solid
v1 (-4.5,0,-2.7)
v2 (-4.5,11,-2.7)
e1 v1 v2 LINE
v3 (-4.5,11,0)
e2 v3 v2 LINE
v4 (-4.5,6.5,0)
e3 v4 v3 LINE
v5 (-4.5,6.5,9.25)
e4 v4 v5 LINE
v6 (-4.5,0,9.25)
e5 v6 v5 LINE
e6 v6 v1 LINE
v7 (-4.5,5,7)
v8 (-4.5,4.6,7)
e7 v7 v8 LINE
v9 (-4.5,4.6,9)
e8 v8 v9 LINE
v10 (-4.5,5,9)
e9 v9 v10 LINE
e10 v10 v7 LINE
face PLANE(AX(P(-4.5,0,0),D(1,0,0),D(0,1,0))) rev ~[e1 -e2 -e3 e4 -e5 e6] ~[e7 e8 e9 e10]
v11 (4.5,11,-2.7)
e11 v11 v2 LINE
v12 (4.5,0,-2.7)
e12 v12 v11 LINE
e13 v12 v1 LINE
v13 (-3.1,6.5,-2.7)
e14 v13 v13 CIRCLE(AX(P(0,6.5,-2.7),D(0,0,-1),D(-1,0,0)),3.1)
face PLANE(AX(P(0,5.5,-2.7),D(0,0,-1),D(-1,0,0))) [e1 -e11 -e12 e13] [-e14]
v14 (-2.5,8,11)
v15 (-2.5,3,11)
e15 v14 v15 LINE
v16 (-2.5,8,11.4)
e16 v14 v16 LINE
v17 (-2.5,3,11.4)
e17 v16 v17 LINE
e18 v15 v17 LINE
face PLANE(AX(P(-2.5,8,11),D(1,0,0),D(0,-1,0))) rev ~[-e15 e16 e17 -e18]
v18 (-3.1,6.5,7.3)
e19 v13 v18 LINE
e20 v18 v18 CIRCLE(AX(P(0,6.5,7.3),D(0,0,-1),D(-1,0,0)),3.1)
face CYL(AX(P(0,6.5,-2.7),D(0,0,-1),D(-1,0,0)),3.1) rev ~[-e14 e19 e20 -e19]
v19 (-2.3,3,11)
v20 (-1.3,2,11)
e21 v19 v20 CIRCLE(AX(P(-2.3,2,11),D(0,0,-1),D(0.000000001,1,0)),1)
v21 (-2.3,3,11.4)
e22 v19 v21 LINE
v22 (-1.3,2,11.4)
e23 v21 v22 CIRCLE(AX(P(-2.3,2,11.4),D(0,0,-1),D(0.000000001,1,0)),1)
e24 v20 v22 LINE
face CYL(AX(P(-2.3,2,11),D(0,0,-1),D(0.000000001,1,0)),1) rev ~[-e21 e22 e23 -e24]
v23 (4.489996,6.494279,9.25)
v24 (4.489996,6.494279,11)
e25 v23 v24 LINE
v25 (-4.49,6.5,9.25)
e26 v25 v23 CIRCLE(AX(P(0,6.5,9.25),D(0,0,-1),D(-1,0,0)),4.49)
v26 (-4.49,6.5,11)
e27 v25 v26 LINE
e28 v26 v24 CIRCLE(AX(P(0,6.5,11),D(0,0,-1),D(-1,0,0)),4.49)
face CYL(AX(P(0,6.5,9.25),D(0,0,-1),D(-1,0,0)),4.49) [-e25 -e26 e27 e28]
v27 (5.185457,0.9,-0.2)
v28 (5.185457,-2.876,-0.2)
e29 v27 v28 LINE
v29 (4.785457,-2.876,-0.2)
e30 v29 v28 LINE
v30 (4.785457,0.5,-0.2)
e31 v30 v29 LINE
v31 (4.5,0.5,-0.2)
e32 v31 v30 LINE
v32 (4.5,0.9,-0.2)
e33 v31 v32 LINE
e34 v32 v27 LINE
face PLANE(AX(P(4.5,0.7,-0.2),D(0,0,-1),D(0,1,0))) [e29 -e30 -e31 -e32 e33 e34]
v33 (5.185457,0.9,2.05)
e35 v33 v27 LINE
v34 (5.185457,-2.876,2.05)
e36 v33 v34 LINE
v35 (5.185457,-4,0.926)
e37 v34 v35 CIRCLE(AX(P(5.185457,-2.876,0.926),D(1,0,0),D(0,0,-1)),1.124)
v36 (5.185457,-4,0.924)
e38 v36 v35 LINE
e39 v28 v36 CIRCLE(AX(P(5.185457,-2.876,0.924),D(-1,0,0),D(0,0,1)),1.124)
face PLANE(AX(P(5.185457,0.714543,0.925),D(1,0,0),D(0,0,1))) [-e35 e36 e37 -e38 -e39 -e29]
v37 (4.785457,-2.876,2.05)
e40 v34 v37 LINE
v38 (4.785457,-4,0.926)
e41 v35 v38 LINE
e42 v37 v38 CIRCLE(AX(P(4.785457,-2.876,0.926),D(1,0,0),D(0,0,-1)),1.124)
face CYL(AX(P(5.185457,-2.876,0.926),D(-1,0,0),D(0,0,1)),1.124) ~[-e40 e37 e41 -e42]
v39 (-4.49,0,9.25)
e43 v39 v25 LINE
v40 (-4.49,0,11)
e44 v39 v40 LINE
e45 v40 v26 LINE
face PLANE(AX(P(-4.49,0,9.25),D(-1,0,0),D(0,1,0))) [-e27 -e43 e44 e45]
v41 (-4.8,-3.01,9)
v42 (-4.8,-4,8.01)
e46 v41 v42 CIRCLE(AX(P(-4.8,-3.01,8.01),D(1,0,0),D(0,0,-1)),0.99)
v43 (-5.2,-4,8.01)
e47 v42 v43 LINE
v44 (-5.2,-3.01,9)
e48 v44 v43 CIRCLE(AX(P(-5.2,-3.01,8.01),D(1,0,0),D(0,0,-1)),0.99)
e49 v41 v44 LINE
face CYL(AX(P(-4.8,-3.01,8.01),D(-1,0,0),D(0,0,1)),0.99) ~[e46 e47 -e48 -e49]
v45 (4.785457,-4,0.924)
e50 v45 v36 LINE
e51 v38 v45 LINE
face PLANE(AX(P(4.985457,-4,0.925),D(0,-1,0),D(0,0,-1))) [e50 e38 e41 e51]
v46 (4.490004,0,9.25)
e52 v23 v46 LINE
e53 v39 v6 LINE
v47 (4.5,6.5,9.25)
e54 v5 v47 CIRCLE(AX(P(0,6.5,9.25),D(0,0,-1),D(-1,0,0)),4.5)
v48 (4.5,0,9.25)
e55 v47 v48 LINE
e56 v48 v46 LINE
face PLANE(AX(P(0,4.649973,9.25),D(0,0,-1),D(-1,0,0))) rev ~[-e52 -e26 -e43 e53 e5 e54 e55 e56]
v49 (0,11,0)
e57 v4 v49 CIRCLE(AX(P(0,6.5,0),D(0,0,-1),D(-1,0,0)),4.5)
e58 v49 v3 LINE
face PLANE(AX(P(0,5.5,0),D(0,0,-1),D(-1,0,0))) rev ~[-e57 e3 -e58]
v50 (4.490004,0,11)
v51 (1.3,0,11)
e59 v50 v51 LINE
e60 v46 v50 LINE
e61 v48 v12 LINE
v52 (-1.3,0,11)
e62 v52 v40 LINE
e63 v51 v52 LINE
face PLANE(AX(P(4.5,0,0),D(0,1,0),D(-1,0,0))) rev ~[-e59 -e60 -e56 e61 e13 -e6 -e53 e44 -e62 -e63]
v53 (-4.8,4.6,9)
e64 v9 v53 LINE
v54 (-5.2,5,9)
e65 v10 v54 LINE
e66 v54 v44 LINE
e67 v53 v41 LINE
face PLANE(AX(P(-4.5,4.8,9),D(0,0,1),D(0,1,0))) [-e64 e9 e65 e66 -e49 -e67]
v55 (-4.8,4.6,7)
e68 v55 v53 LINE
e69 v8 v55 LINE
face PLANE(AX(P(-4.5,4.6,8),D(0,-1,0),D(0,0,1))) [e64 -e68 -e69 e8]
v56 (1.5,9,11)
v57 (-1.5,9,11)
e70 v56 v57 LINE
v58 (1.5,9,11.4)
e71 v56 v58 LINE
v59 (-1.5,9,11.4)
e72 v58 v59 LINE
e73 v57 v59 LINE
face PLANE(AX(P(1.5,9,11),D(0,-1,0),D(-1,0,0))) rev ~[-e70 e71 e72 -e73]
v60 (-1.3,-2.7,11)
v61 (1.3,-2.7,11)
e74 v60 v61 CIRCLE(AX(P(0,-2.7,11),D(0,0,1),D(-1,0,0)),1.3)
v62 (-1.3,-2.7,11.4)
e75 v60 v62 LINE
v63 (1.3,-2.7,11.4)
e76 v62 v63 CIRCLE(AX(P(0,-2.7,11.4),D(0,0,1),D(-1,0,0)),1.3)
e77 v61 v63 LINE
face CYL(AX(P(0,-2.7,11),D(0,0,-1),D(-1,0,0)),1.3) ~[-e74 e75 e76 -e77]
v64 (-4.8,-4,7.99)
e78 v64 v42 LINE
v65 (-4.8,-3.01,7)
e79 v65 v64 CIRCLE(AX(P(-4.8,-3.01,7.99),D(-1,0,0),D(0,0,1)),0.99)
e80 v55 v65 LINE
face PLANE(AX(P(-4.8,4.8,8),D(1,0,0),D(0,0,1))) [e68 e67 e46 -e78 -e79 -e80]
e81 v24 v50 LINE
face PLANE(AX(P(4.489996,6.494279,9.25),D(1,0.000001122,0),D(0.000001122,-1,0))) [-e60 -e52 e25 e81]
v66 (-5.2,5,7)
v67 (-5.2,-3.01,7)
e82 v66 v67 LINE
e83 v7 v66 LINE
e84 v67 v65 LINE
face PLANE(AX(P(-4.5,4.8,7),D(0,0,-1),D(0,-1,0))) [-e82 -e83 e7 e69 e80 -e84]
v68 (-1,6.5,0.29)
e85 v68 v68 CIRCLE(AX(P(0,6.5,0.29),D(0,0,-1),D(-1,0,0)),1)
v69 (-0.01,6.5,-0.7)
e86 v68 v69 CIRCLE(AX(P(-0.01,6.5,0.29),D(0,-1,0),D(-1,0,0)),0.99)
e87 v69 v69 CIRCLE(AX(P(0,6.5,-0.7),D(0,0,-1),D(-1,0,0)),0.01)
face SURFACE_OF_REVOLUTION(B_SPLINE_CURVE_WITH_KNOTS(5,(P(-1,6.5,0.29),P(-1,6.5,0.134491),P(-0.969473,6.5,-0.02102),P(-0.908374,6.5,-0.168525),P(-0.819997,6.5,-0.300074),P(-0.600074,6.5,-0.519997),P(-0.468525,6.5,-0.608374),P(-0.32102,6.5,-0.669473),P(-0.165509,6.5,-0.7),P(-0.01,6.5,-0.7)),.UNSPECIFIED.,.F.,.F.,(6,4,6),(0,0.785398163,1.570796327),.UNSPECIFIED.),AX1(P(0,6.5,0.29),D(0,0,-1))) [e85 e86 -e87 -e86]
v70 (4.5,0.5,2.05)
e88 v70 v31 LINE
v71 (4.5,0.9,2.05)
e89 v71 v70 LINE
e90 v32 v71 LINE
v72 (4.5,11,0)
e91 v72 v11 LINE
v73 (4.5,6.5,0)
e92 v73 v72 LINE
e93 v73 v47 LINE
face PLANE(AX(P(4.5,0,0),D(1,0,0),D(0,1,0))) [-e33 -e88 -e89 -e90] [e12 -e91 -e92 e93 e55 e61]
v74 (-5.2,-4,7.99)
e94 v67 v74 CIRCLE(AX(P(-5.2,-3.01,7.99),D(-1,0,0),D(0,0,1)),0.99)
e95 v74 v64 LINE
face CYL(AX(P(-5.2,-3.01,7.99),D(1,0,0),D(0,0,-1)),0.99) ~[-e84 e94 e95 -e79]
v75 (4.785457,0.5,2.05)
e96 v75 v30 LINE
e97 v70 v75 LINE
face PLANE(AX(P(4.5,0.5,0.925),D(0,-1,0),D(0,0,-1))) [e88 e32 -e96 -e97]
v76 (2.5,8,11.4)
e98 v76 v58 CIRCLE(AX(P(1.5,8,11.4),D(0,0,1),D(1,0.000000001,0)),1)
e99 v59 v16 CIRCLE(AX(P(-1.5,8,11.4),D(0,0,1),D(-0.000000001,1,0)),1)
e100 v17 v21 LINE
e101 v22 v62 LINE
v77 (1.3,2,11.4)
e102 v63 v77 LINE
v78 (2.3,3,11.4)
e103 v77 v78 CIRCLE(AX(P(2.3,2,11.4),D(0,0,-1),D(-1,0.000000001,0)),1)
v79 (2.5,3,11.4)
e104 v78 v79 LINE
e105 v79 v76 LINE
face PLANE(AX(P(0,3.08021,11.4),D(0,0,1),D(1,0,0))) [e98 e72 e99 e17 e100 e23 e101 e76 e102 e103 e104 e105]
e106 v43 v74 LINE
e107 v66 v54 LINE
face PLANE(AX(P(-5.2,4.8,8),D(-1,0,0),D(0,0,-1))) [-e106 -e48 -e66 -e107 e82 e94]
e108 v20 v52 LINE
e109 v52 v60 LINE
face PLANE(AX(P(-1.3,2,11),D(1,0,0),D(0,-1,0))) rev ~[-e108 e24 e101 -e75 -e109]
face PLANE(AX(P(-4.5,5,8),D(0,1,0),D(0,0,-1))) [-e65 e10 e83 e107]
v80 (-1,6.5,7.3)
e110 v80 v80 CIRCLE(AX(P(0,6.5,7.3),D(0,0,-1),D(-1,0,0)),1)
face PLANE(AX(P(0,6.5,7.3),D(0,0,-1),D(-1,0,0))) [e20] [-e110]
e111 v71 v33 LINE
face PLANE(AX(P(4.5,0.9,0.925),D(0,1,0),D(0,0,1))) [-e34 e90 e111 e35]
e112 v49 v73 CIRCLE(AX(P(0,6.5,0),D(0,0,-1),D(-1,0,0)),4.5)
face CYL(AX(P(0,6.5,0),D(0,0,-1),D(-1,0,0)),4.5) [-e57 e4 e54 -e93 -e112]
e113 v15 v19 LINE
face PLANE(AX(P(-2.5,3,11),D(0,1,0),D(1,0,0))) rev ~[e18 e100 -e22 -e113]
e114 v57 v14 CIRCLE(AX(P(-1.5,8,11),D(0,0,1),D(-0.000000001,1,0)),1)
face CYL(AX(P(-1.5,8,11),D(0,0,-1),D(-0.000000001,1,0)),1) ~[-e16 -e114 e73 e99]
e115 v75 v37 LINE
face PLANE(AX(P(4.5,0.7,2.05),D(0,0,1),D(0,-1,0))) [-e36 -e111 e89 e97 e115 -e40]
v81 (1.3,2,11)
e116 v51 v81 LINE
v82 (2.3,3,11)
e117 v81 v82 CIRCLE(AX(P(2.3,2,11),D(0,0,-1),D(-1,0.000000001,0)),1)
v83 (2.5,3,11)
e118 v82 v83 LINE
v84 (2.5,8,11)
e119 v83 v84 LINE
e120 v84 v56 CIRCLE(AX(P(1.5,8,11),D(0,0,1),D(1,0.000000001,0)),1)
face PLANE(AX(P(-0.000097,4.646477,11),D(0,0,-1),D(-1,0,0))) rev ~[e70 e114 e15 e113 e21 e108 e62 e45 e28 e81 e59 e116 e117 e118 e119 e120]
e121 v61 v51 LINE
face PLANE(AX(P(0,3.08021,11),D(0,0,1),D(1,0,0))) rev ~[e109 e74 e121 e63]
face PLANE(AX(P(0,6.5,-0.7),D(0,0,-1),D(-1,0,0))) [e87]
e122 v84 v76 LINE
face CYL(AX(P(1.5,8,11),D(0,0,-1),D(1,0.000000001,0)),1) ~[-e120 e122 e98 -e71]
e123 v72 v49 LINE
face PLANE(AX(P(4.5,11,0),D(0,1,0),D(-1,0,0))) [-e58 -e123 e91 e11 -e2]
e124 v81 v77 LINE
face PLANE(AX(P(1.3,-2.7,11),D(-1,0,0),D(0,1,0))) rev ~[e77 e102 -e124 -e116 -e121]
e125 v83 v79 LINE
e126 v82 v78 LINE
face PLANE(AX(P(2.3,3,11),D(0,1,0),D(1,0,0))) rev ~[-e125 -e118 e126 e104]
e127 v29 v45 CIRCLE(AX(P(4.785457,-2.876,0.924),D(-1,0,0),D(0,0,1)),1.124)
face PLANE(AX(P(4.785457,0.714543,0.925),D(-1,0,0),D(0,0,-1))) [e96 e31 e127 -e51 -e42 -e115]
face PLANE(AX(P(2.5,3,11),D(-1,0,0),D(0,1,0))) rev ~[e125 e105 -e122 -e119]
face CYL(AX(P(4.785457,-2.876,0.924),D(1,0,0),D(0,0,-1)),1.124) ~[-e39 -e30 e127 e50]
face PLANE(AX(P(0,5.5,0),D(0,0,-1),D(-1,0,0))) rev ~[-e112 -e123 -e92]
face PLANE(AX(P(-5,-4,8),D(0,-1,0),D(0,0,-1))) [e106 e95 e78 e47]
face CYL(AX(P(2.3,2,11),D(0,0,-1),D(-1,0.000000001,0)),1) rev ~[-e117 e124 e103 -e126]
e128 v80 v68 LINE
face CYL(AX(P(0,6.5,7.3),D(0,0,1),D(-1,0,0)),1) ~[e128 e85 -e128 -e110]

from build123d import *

# Parameters (mm, degrees)
EXTRUSION1_DEPTH        = 9.25
EXTRUSION2_DEPTH        = 1.75
ESQUISSE3_W             = 9
ESQUISSE3_H             = 11
EXTRUSION3_DEPTH        = 2.7
ESQUISSE5_R             = 3.1
ENL_V_MAT_EXTRU_1_DEPTH = 10
ESQUISSE6_R             = 1
EXTRUSION4_DEPTH        = 8
CONG_1_R                = 0.99
EXTRUSION5_DEPTH        = 0.4
ESQUISSE8_W             = 2.25
ESQUISSE8_H             = 0.4
CONG_2_R                = 1.124
ESQUISSE10_W            = 2
ESQUISSE10_H            = 0.4
CONG_3_R                = 0.99


with BuildPart() as part:
    # Esquisse1 → Extrusion1 (new body)
    with BuildSketch(Plane.XY):
        with BuildLine():
            Line((4.5, 6.5), (4.5, 0))
            Line((4.5, 0), (-4.5, 0))
            Line((-4.5, 0), (-4.5, 6.5))
            ThreePointArc((-4.5, 6.5), (0, 11), (4.5, 6.5))
        make_face()
    extrude(amount=EXTRUSION1_DEPTH)

    # Esquisse2 → Extrusion2 (add)
    with BuildSketch(Plane.XY.offset(9.25)):
        with BuildLine():
            Line((4.489996356, 6.494279339), (4.490003644, 0))
            Line((4.490003644, 0), (-4.49, 0))
            Line((-4.49, 0), (-4.49, 6.5))
            ThreePointArc((-4.49, 6.5), (0.002860331, 10.989999089), (4.489996356, 6.494279339))
        make_face()
    extrude(amount=EXTRUSION2_DEPTH)

    # Esquisse3 → Extrusion3 (add)
    with BuildSketch(Plane(origin=(0, 0, 0), x_dir=(-1, 0, 0), z_dir=(0, 0, -1))):
        with Locations((0, 5.5)):
            Rectangle(ESQUISSE3_W, ESQUISSE3_H)
    extrude(amount=EXTRUSION3_DEPTH)

    # Esquisse5 → Enlèv. mat.-Extru.1 (cut)
    with BuildSketch(Plane(origin=(0, 0, -2.7), x_dir=(-1, 0, 0), z_dir=(0, 0, -1))):
        with Locations((0, 6.5)):
            Circle(ESQUISSE5_R)
    extrude(amount=-ENL_V_MAT_EXTRU_1_DEPTH, mode=Mode.SUBTRACT)

    # Esquisse6 → Extrusion4 (add)
    with BuildSketch(Plane(origin=(0, 0, 7.3), x_dir=(-1, 0, 0), z_dir=(0, 0, -1))):
        with Locations((0, 6.5)):
            Circle(ESQUISSE6_R)
    extrude(amount=EXTRUSION4_DEPTH)

    # Congé1
    cong_1_edges = [part.edges().sort_by_distance(p)[0] for p in [
        (1, 6.5, -0.7),
    ]]
    fillet(cong_1_edges, radius=CONG_1_R)

    # Esquisse7 → Extrusion5 (add)
    with BuildSketch(Plane.XY.offset(11)):
        with BuildLine():
            Line((1.5, 9), (-1.5, 9))
            ThreePointArc((-1.5, 9), (-2.207106781, 8.707106781), (-2.5, 8))
            Line((-2.5, 8), (-2.5, 3))
            Line((-2.5, 3), (-2.3, 3))
            ThreePointArc((-2.3, 3), (-1.592893219, 2.707106781), (-1.3, 2))
            Line((-1.3, 2), (-1.3, -2.7))
            ThreePointArc((-1.3, -2.7), (0, -4), (1.3, -2.7))
            Line((1.3, -2.7), (1.3, 2))
            ThreePointArc((1.3, 2), (1.592893219, 2.707106781), (2.3, 3))
            Line((2.3, 3), (2.5, 3))
            Line((2.5, 3), (2.5, 8))
            ThreePointArc((2.5, 8), (2.207106781, 8.707106781), (1.5, 9))
        make_face()
    extrude(amount=EXTRUSION5_DEPTH)

    # Balayage1: sweep along a path in Esquisse9
    with BuildLine(Plane.XY.offset(0.8)) as balayage1_path:
        Line((4.5, 0.714543307), (5, 0.714543307))
        Line((5, 0.714543307), (5, -4))
    # Esquisse8 → Balayage1 (sweep)
    with BuildSketch(Plane(origin=(4.5, 0, 0), x_dir=(0, 0, -1), z_dir=(1, 0, 0))):
        with Locations((-0.925, 0.7)):
            Rectangle(ESQUISSE8_W, ESQUISSE8_H)
    sweep(path=balayage1_path.line, transition=Transition.RIGHT)

    # Congé2
    cong_2_edges = [part.edges().sort_by_distance(p)[0] for p in [
        (4.985456693, -4, -0.2),
        (4.985456693, -4, 2.05),
    ]]
    fillet(cong_2_edges, radius=CONG_2_R)

    # Balayage2: sweep along a path in Esquisse11
    with BuildLine(Plane.XY.offset(8)) as balayage2_path:
        Line((-4.5, 4.8), (-5, 4.8))
        Line((-5, 4.8), (-5, -4))
    # Esquisse10 → Balayage2 (sweep)
    with BuildSketch(Plane.ZY.offset(4.5)):
        with Locations((8, 4.8)):
            Rectangle(ESQUISSE10_W, ESQUISSE10_H)
    sweep(path=balayage2_path.line, transition=Transition.RIGHT)

    # Congé3
    cong_3_edges = [part.edges().sort_by_distance(p)[0] for p in [
        (-5, -4, 9),
        (-5, -4, 7),
    ]]
    fillet(cong_3_edges, radius=CONG_3_R)


solid = part.part
